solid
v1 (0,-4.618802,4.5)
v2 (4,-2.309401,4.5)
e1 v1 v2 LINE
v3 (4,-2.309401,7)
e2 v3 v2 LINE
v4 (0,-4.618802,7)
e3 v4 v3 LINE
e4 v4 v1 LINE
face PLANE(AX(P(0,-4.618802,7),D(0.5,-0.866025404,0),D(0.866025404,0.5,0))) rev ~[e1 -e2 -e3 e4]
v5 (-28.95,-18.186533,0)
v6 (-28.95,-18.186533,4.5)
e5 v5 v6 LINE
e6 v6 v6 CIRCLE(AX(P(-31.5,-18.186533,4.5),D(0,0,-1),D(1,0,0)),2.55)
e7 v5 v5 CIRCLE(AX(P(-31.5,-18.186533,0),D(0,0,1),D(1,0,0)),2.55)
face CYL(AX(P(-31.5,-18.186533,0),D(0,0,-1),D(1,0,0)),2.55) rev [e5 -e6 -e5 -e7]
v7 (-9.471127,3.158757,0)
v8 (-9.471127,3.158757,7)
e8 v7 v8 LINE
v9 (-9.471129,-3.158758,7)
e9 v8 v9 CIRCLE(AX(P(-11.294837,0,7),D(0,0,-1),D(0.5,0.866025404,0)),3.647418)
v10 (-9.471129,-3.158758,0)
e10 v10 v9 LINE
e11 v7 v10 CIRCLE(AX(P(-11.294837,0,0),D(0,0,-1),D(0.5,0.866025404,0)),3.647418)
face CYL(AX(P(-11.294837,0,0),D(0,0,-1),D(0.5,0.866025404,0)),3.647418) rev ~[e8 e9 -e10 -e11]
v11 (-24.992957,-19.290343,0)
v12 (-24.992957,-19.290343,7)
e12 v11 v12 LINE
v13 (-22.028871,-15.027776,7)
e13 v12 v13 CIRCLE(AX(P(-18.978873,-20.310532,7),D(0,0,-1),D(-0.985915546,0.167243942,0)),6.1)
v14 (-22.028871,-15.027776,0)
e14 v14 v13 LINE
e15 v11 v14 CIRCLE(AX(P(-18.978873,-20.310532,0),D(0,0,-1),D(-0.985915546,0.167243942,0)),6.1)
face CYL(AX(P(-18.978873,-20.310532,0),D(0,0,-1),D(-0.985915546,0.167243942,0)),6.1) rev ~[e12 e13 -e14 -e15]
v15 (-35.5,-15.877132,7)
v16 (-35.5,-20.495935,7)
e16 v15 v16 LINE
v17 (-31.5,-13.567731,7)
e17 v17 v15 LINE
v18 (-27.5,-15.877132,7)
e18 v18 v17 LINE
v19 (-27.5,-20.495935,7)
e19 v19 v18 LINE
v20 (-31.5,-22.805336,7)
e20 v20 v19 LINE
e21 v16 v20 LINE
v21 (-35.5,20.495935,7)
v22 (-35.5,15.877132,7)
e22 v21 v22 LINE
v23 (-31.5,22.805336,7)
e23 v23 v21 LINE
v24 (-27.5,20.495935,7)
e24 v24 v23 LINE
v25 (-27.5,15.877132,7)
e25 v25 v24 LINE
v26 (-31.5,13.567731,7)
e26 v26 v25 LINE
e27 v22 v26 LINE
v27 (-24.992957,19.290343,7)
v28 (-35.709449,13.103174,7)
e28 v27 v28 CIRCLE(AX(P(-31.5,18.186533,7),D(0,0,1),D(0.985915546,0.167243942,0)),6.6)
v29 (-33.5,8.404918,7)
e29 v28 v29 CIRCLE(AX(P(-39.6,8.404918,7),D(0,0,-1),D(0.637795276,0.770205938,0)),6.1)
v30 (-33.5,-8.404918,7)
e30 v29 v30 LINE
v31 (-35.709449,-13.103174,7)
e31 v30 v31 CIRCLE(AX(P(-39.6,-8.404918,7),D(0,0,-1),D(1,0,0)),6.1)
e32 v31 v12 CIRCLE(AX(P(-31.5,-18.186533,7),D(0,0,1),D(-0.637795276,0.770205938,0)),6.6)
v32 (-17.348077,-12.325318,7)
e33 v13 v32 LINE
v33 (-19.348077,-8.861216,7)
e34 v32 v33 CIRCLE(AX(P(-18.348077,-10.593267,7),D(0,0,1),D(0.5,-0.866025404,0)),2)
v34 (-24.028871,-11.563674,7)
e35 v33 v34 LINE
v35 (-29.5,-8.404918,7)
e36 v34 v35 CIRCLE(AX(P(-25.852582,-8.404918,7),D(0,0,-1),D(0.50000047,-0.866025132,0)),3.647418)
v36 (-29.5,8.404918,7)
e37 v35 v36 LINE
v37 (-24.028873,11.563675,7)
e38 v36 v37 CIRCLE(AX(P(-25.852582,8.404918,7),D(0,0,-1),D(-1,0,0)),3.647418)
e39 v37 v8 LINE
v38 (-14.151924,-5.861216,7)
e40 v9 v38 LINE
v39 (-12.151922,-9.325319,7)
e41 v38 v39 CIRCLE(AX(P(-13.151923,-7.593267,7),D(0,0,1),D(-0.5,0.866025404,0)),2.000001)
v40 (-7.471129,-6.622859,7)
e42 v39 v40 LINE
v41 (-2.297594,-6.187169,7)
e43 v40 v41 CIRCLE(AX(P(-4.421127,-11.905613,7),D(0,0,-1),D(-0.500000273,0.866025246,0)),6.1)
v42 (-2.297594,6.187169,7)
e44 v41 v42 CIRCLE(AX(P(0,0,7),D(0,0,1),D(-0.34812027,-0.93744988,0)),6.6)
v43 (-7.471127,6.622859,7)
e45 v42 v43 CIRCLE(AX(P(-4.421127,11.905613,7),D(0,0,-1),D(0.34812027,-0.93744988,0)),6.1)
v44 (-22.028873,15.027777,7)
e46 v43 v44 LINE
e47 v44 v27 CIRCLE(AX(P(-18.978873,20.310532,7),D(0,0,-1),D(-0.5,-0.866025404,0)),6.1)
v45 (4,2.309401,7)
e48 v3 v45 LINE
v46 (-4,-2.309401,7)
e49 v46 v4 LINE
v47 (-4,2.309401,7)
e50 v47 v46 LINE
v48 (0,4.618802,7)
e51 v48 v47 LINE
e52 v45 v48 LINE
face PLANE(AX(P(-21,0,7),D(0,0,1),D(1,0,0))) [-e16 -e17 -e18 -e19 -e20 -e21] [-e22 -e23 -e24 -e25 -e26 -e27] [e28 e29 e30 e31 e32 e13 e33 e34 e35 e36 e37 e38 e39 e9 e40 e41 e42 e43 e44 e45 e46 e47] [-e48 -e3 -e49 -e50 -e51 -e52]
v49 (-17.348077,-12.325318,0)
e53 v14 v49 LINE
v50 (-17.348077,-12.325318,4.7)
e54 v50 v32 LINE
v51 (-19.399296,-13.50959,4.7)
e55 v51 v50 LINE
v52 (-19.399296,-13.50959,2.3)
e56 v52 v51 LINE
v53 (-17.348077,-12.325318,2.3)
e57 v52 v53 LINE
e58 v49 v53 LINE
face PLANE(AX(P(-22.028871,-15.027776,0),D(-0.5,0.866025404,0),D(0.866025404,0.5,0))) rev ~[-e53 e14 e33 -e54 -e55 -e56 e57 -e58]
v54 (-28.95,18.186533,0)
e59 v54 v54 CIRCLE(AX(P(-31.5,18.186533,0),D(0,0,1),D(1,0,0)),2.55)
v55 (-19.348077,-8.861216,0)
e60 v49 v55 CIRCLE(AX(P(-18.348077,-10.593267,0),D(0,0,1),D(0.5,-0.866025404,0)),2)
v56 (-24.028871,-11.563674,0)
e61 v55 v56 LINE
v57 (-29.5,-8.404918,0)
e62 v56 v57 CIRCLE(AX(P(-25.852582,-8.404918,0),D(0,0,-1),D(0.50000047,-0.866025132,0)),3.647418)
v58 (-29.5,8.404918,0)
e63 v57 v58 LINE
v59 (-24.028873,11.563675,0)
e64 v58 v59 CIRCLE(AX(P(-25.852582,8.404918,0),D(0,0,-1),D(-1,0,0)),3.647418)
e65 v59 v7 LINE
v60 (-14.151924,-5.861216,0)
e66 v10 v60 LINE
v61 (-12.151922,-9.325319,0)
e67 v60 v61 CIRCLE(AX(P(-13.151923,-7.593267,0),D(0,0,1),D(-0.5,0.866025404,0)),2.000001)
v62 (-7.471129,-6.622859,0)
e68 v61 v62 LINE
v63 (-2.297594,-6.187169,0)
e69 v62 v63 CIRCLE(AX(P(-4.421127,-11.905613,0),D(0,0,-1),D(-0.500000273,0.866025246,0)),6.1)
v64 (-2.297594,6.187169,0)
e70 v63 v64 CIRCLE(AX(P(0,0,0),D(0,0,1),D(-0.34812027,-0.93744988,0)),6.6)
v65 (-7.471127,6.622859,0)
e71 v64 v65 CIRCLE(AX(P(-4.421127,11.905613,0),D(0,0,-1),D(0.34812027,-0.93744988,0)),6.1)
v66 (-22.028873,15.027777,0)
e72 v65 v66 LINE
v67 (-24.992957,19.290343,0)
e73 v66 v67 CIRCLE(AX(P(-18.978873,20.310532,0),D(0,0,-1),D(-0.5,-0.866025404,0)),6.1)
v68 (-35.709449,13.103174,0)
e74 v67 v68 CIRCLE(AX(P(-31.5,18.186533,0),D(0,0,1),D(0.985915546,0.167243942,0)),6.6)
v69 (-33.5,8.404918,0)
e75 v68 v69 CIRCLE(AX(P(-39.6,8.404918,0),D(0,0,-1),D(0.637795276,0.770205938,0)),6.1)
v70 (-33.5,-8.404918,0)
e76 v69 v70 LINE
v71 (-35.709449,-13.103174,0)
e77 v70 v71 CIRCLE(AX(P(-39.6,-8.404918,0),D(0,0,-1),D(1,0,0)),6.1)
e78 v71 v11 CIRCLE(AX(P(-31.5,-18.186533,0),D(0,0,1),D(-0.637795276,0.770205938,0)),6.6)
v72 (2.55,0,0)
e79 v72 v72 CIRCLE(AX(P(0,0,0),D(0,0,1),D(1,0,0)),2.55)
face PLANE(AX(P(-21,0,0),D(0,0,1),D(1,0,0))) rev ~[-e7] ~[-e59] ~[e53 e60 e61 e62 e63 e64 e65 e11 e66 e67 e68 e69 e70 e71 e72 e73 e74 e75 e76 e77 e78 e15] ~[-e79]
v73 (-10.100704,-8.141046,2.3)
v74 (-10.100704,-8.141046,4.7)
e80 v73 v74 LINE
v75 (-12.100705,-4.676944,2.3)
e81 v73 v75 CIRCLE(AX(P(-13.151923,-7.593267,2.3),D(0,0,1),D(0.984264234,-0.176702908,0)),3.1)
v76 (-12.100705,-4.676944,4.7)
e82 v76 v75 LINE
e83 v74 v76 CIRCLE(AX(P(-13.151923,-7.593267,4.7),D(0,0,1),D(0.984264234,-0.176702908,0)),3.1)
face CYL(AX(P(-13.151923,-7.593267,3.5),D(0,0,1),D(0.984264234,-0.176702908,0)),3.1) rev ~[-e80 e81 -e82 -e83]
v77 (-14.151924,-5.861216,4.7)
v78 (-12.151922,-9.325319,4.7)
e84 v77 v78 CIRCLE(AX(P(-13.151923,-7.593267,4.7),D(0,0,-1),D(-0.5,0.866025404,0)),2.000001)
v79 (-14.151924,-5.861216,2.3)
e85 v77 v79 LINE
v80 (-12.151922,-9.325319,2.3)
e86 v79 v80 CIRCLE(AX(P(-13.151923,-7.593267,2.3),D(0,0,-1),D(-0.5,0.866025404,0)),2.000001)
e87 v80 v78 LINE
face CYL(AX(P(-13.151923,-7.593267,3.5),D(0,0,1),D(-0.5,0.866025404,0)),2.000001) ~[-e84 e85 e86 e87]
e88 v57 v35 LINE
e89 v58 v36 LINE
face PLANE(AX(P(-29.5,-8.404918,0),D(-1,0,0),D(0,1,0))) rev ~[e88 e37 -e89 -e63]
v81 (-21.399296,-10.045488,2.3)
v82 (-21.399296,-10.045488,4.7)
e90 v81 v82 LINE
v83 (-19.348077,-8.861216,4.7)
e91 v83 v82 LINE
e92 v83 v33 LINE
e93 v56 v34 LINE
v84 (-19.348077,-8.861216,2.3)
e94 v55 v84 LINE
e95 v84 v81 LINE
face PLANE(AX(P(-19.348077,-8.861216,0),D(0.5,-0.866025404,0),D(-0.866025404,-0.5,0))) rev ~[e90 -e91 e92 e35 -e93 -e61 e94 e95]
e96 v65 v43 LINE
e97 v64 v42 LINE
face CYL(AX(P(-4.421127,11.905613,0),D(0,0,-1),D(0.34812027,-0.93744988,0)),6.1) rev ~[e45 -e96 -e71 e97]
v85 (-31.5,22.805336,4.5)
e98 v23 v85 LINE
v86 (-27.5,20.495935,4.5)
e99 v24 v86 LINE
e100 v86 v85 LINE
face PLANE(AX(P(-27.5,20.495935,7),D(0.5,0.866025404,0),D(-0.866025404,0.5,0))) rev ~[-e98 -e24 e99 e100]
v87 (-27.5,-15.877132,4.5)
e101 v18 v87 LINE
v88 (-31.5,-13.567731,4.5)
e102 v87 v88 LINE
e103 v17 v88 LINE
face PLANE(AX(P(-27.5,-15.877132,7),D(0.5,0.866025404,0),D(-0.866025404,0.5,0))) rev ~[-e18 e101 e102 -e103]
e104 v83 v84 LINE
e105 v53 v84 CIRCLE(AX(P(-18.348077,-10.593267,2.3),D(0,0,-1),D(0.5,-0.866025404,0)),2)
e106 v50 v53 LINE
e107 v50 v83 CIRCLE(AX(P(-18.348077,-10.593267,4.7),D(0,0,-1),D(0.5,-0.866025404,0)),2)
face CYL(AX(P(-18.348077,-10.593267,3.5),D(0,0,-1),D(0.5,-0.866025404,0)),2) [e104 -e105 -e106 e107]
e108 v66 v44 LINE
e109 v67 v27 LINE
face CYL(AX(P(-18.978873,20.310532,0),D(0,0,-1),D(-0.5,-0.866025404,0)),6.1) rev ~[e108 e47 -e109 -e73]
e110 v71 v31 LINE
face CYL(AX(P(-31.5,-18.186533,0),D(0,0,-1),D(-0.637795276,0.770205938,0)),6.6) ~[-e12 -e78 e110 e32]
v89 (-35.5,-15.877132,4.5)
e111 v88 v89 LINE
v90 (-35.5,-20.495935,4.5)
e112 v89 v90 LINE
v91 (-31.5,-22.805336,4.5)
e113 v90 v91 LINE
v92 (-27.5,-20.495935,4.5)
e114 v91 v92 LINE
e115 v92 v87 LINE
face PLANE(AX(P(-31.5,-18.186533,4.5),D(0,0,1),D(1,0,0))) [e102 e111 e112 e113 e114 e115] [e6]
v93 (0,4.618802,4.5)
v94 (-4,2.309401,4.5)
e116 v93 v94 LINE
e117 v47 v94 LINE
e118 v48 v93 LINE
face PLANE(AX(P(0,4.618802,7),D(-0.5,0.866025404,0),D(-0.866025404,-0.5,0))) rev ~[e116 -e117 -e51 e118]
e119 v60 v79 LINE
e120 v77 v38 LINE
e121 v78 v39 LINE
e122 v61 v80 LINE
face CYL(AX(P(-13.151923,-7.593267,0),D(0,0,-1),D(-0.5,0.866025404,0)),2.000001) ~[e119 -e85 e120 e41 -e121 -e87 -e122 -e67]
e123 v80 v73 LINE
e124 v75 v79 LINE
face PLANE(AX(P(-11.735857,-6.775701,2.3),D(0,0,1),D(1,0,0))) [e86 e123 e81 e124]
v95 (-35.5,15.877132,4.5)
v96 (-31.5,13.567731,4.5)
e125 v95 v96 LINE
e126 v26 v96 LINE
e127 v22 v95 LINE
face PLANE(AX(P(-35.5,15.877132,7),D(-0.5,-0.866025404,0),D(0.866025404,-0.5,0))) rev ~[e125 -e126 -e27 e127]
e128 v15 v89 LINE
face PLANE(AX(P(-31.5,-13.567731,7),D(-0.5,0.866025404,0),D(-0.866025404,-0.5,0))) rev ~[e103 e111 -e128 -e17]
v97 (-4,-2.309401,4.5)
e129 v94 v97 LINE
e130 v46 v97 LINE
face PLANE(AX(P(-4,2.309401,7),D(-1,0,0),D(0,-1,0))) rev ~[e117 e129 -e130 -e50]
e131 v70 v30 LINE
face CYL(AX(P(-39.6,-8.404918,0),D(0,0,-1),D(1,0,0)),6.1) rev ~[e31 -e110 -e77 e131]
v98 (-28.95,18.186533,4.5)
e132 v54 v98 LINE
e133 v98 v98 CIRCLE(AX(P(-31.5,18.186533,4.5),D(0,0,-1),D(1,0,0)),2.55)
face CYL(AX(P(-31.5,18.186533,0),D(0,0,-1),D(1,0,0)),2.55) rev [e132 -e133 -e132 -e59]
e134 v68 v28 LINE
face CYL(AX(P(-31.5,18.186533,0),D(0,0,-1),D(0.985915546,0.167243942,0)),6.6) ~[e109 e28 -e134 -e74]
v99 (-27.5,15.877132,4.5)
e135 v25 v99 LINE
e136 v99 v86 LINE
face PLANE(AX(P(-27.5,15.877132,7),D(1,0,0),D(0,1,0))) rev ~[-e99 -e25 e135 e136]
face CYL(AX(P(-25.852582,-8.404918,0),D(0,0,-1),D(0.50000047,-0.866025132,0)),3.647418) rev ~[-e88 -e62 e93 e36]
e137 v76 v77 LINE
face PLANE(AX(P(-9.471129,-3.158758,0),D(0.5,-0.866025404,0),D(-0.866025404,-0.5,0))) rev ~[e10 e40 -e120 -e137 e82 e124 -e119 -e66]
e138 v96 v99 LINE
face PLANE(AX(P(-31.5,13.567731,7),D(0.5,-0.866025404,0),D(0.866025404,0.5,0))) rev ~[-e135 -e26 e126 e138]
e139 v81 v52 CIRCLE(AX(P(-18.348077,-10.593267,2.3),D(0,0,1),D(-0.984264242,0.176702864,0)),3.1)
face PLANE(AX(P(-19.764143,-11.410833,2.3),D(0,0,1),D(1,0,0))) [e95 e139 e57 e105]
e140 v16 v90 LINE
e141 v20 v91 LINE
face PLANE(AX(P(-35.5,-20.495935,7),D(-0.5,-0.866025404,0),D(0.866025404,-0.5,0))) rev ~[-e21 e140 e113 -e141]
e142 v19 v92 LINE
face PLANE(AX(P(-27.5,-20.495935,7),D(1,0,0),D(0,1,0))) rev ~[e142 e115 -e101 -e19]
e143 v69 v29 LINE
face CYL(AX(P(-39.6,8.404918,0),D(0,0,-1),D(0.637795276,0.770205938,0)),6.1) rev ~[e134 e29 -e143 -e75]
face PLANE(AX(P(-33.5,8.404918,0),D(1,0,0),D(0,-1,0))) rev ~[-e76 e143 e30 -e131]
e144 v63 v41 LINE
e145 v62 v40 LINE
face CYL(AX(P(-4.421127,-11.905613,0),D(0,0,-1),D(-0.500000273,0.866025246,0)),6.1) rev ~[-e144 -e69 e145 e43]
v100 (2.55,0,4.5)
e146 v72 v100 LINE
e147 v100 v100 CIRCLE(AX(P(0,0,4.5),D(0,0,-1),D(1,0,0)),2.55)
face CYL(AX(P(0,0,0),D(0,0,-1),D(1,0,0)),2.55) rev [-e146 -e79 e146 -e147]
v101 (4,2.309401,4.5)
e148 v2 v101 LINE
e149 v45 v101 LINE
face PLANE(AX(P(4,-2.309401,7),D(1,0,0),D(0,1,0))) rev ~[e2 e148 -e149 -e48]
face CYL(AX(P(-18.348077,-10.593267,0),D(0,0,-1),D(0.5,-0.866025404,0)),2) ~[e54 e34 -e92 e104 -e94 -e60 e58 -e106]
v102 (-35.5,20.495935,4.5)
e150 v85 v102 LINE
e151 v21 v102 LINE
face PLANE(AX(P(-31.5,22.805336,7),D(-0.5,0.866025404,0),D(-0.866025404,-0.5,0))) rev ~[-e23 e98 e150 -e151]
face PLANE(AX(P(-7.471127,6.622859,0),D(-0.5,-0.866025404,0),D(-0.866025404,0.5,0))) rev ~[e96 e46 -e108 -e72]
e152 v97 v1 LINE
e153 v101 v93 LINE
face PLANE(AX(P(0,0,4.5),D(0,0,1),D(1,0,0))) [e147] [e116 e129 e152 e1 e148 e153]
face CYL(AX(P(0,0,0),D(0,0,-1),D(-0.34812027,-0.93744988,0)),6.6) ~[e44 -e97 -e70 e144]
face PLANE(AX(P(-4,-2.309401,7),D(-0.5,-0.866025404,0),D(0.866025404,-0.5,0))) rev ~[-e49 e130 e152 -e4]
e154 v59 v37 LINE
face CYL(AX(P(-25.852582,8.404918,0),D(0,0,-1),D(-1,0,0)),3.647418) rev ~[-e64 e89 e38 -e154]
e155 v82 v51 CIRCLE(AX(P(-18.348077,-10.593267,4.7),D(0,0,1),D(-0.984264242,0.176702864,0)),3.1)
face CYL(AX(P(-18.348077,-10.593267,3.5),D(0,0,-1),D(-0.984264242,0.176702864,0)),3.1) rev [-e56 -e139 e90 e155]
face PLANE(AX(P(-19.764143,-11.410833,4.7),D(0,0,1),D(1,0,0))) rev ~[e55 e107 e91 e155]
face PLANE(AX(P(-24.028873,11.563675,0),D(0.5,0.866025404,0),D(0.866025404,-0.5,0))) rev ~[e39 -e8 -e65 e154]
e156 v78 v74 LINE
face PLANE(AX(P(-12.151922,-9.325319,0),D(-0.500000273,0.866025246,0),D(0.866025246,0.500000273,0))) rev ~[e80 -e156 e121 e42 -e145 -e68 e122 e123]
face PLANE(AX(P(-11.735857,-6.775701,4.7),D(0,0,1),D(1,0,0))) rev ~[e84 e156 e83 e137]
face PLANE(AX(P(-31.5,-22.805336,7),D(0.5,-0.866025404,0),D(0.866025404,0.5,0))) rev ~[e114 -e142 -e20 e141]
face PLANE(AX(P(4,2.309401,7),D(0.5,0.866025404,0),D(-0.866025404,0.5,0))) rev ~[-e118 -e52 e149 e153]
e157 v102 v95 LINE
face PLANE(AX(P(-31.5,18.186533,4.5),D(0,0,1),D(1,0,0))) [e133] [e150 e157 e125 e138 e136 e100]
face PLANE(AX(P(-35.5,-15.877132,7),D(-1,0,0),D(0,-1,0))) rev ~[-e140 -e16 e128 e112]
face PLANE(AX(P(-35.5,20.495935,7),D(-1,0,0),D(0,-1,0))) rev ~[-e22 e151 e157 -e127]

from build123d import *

# Parameters (mm, degrees)
F0_R     = 2.55
F1_DEPTH = 7
F3_DEPTH = 2.5
F6_DEPTH = 1.2


with BuildPart() as f1:
    # F0 (on Top) → F1 (new body)
    with BuildSketch(Plane.XY):
        with BuildLine():
            ThreePointArc((-22.0288725662, 15.0277765828), (-23.9870436526, 16.827971802), (-24.9929573966, 19.2903434982))
            ThreePointArc((-24.9929573966, 19.2903434982), (-34.8, 23.9023011445), (-35.7094488189, 13.1031742908))
            ThreePointArc((-35.7094488189, 13.1031742908), (-34.0799292484, 11.0008415863), (-33.5, 8.404918071))
            Line((-33.5, 8.404918071), (-33.5, -8.404918071))
            ThreePointArc((-33.5, -8.404918071), (-34.0799292484, -11.0008415863), (-35.7094488189, -13.1031742908))
            ThreePointArc((-35.7094488189, -13.1031742908), (-34.8, -23.9023011445), (-24.9929573966, -19.2903434982))
            ThreePointArc((-24.9929573966, -19.2903434982), (-23.9870430876, -16.8279709896), (-22.0288708522, -15.0277755932))
            Line((-22.0288708522, -15.0277755932), (-17.348076829, -12.3253179039))
            ThreePointArc((-17.348076829, -12.3253179039), (-16.6160260214, -9.5932670963), (-19.348076829, -8.8612162887))
            Line((-19.348076829, -8.8612162887), (-24.0288708522, -11.5636739781))
            ThreePointArc((-24.0288708522, -11.5636739781), (-27.6762899984, -11.5636754624), (-29.5, -8.404918071))
            Line((-29.5, -8.404918071), (-29.5, 8.404918071))
            ThreePointArc((-29.5, 8.404918071), (-27.6762908554, 11.5636749676), (-24.0288725662, 11.5636749676))
            Line((-24.0288725662, 11.5636749676), (-9.4711274338, 3.1587568967))
            ThreePointArc((-9.4711274338, 3.1587568967), (-7.6474182892, -9.615e-07), (-9.4711290992, -3.1587578582))
            Line((-9.4711290992, -3.1587578582), (-14.1519236685, -5.8612158628))
            ThreePointArc((-14.1519236685, -5.8612158628), (-14.8839746302, -8.5932681071), (-12.1519222705, -9.3253186383))
            Line((-12.1519222705, -9.3253186383), (-7.4711290992, -6.6228594733))
            ThreePointArc((-7.4711290992, -6.6228594733), (-4.9330280571, -5.8271302964), (-2.2975937845, -6.1871692074))
            ThreePointArc((-2.2975937845, -6.1871692074), (6.6, 0), (-2.2975937845, 6.1871692074))
            ThreePointArc((-2.2975937845, 6.1871692074), (-4.933027099, 5.8271302157), (-7.4711274338, 6.6228585118))
            Line((-7.4711274338, 6.6228585118), (-22.0288725662, 15.0277765828))
        make_face()
        with Locations((-31.5, -18.1865334795)):
            Circle(F0_R, mode=Mode.SUBTRACT)
        with Locations((-31.5, 18.1865334795)):
            Circle(F0_R, mode=Mode.SUBTRACT)
        Circle(F0_R, mode=Mode.SUBTRACT)
    extrude(amount=F1_DEPTH)

    # F2 (on face) → F3 (cut)
    with BuildSketch(Plane.XY.offset(7)):
        Polygon((-27.5, 15.8771324027), (-27.5, 20.4959345562), (-31.5, 22.805335633), (-35.5, 20.4959345562), (-35.5, 15.8771324027), (-31.5, 13.567731326), align=None)
        Polygon((-27.5, -20.4959345562), (-27.5, -15.8771324027), (-31.5, -13.567731326), (-35.5, -15.8771324027), (-35.5, -20.4959345562), (-31.5, -22.805335633), align=None)
        Polygon((-4, 2.3094010768), (-4, -2.3094010768), (0, -4.6188021535), (4, -2.3094010768), (4, 2.3094010768), (0, 4.6188021535), align=None)
    extrude(amount=-F3_DEPTH, mode=Mode.SUBTRACT)

    # F5 (on mid) → F6 (cut, symmetric)
    with BuildSketch(Plane.XY.offset(3.5)):
        with BuildLine():
            Line((-19.348076829, -8.8612162887), (-21.3992959786, -10.045488217))
            ThreePointArc((-21.3992959786, -10.045488217), (-21.0327555807, -12.1432670963), (-19.3992959786, -13.5095898321))
            Line((-19.3992959786, -13.5095898321), (-17.348076829, -12.3253179039))
            ThreePointArc((-17.348076829, -12.3253179039), (-20.0801276365, -11.5932670963), (-19.348076829, -8.8612162887))
        make_face()
        with BuildLine():
            ThreePointArc((-14.1519236685, -5.8612158628), (-11.4198718547, -6.5932667092), (-12.1519222705, -9.3253186383))
            Line((-12.1519222705, -9.3253186383), (-10.1007041172, -8.1410464231))
            ThreePointArc((-10.1007041172, -8.1410464231), (-10.4672447351, -6.043266985), (-12.1007051418, -4.6769442942))
            Line((-12.1007051418, -4.6769442942), (-14.1519236685, -5.8612158628))
        make_face()
    extrude(amount=F6_DEPTH, both=True, mode=Mode.SUBTRACT)


solid = f1.part
